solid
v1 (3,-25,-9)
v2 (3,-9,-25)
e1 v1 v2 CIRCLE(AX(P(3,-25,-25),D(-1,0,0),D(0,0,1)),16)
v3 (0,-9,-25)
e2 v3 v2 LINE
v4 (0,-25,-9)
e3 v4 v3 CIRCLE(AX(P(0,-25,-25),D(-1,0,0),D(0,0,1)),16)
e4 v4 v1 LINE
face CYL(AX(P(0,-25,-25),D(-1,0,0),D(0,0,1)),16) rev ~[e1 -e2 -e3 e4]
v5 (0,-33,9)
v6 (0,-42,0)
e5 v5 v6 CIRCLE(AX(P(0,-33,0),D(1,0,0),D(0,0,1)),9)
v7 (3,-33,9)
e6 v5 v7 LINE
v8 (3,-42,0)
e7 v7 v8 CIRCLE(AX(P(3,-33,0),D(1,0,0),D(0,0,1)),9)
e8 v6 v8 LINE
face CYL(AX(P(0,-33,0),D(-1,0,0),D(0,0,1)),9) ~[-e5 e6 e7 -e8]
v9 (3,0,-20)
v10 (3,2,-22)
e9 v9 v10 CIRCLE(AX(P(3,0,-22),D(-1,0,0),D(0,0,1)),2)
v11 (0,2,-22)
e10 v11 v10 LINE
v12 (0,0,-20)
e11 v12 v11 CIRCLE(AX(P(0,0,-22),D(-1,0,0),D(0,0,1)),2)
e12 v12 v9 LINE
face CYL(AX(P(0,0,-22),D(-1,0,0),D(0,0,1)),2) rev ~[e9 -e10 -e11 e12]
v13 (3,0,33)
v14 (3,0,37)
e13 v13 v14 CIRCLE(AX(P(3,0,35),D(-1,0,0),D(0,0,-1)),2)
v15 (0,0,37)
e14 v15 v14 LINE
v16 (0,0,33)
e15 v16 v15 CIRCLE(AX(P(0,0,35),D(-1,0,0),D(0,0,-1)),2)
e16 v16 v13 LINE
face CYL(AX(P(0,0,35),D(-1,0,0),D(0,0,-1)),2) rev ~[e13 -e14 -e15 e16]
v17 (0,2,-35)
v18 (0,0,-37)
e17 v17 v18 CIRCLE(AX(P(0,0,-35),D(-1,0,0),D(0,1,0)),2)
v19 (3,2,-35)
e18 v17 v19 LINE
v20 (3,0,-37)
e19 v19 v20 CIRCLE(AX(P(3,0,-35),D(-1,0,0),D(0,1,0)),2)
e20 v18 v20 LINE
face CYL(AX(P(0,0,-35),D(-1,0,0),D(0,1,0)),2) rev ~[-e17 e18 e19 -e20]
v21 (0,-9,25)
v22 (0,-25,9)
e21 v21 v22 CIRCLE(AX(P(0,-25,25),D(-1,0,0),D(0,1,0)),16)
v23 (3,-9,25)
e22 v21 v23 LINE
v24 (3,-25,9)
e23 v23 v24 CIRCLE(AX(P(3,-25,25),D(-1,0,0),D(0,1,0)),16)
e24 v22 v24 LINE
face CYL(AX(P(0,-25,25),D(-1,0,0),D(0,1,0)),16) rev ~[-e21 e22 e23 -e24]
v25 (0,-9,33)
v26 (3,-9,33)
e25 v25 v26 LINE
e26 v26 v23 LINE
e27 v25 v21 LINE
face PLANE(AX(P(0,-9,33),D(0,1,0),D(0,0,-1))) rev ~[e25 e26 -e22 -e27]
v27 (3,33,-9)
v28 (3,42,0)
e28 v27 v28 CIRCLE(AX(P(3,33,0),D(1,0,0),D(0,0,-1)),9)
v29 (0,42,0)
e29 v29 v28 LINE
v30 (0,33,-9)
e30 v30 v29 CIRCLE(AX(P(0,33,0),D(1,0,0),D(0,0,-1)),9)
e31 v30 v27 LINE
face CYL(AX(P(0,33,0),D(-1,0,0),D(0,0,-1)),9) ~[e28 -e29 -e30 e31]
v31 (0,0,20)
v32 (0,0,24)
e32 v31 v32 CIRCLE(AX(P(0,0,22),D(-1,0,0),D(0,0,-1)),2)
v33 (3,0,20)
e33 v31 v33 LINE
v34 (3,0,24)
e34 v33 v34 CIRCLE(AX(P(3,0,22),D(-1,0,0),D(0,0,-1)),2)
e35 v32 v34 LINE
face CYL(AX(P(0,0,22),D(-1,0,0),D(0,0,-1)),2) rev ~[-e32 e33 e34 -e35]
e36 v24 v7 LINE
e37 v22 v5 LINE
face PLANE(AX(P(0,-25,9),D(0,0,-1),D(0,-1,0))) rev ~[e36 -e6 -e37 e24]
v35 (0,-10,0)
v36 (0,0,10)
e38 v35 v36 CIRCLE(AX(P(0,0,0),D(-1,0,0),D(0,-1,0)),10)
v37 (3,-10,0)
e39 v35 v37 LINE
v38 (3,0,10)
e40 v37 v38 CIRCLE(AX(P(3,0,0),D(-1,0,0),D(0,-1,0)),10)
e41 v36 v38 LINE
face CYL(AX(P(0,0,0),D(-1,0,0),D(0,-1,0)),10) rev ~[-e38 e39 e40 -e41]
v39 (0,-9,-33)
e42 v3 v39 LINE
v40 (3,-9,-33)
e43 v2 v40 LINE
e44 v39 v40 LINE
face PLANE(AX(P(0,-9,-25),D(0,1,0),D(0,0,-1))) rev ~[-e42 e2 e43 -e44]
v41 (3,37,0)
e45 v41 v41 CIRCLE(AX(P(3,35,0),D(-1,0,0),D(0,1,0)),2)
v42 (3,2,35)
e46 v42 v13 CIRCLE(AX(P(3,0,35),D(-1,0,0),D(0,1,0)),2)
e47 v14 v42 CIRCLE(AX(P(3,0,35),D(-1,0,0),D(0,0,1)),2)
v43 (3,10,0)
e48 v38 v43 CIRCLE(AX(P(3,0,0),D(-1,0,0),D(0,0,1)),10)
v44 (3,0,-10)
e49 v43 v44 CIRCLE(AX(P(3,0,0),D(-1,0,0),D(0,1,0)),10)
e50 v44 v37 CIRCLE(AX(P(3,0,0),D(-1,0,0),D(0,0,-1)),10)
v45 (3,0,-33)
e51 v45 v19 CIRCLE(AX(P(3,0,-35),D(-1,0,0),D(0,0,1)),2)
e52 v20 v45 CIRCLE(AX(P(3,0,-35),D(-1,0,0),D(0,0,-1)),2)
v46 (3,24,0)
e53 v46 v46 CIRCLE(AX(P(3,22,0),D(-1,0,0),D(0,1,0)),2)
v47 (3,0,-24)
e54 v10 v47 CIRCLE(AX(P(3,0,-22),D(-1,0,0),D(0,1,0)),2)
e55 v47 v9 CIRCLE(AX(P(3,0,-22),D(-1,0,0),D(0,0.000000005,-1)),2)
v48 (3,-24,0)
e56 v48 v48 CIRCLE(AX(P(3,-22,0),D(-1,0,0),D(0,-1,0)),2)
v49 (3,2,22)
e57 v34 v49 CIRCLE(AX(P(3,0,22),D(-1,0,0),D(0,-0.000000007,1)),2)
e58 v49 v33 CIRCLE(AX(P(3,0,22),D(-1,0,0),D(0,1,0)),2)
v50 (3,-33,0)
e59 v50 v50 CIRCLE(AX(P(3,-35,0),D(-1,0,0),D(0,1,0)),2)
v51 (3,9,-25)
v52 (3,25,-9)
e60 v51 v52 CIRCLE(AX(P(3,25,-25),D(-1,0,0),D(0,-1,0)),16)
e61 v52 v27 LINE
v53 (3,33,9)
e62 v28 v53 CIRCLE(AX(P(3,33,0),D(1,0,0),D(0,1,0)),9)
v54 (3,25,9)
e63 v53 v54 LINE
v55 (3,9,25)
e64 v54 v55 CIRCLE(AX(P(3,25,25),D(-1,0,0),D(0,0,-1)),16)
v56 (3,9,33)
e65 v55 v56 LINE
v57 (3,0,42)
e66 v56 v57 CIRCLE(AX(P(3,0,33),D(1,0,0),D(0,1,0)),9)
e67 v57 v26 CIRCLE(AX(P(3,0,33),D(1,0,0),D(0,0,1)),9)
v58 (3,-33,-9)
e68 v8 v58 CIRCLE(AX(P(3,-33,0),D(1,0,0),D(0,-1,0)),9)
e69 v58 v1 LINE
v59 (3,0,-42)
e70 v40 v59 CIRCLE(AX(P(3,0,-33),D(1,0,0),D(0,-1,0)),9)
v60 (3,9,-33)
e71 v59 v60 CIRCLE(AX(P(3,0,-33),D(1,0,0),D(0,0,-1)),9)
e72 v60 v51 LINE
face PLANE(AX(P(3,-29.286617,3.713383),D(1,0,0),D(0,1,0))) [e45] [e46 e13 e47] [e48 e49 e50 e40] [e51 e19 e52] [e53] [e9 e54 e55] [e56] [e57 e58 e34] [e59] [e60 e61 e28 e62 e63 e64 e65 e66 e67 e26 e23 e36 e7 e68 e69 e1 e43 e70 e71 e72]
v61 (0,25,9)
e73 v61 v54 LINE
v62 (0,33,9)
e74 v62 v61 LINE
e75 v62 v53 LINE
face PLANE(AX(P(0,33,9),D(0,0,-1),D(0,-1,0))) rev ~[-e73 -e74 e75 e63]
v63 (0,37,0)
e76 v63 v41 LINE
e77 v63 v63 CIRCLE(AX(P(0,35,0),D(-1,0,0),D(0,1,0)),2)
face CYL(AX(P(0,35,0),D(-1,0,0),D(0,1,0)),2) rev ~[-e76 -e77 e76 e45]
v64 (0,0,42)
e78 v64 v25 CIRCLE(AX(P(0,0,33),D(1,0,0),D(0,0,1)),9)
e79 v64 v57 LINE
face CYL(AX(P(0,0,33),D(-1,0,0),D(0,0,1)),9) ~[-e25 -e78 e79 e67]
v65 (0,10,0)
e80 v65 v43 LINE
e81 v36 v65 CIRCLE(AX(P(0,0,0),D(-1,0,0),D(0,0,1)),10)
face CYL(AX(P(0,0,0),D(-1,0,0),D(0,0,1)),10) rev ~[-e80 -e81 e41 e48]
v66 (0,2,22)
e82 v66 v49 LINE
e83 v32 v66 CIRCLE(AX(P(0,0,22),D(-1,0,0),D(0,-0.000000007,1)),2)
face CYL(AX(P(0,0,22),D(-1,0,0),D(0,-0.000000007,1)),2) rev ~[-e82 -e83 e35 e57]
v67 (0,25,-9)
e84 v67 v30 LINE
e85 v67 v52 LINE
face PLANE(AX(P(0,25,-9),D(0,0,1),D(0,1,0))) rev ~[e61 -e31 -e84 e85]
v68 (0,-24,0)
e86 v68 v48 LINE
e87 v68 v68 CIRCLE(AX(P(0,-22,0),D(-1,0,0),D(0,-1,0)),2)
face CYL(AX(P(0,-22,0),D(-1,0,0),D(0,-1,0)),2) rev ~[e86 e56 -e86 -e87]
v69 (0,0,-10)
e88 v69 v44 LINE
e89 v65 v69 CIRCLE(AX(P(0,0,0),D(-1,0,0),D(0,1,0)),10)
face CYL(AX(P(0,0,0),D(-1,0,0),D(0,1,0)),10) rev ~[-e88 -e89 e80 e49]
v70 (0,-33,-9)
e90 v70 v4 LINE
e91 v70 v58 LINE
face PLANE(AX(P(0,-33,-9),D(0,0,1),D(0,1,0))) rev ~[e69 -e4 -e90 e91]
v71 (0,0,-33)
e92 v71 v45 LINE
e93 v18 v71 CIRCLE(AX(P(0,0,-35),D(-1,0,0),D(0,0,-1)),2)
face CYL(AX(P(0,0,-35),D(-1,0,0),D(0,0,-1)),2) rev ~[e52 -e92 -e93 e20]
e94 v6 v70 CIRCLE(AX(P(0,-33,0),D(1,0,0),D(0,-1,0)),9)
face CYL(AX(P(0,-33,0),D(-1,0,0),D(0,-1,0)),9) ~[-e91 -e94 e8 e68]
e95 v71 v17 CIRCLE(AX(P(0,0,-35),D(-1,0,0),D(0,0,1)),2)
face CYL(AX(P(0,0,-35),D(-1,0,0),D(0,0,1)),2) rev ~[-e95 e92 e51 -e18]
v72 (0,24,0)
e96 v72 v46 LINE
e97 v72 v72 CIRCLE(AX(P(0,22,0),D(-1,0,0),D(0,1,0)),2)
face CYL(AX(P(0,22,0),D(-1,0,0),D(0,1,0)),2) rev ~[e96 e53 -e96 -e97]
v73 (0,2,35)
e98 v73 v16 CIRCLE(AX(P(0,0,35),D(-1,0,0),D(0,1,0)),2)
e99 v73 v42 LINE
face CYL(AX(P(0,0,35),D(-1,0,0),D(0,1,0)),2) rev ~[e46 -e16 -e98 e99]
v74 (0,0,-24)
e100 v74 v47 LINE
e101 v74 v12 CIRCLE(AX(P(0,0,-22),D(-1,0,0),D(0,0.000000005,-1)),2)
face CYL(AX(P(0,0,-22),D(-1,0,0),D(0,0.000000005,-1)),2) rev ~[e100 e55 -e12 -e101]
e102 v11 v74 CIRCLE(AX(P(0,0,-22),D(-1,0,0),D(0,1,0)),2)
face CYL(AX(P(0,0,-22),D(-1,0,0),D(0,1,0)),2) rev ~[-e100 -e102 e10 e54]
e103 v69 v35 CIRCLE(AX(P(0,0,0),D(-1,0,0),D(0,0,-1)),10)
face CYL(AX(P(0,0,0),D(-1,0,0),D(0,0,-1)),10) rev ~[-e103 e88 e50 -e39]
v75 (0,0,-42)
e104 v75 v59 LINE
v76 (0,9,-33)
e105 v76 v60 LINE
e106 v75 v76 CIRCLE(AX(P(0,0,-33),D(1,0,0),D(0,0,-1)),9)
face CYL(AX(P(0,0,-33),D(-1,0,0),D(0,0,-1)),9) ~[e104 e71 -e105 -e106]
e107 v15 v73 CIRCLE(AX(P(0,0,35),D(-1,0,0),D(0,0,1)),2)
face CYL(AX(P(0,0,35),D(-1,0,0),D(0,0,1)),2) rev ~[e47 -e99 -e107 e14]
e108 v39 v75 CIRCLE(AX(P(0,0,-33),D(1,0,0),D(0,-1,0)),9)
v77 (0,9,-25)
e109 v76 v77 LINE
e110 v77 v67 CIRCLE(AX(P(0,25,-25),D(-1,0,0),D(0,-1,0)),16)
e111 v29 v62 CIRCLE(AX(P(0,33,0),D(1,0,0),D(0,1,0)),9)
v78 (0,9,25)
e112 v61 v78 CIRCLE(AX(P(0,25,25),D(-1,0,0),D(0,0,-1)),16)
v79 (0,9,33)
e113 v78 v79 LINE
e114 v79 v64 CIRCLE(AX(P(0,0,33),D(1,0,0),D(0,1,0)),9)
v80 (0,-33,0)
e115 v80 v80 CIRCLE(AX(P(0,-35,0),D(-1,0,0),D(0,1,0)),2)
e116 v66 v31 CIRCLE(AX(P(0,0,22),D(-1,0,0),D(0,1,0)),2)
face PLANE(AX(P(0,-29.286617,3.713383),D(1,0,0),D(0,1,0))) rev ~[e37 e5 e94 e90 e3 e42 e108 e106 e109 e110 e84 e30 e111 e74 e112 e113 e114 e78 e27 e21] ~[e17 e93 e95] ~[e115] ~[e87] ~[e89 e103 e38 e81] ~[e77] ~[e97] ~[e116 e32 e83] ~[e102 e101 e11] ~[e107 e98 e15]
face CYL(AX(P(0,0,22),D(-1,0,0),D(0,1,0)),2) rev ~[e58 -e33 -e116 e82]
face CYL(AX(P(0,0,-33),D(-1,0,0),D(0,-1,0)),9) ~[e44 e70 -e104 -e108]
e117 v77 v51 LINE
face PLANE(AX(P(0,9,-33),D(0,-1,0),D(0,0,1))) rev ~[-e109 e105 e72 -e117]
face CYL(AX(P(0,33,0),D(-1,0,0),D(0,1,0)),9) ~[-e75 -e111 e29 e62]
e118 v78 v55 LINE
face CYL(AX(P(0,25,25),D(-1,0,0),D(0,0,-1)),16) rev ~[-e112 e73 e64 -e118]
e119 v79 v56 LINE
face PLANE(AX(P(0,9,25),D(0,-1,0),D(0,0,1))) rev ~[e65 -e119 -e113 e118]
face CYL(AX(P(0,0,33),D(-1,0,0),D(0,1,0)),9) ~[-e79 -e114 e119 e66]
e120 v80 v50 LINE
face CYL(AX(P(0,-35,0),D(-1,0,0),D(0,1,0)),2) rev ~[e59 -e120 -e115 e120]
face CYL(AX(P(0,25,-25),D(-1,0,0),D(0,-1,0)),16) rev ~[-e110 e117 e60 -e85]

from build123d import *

# Parameters (mm, degrees)
F1_DEPTH = 3


with BuildPart() as f1:
    # F0 (on Right) → F1 (new body)
    with BuildSketch(Plane.YZ):
        with BuildLine():
            Line((-33, 9), (-33, 0))
            Line((-33, 0), (-24, 0))
            ThreePointArc((-24, 0), (-26.6360389693, 6.3639610307), (-33, 9))
        make_face()
        with BuildLine():
            ThreePointArc((-37, 0), (-35, 2), (-33, 0))
            Line((-33, 0), (-33, 9))
            ThreePointArc((-33, 9), (-39.3639610307, 6.3639610307), (-42, 0))
            Line((-42, 0), (-37, 0))
        make_face()
        with BuildLine():
            Line((-24, 0), (-33, 0))
            Line((-33, 0), (-33, -9))
            ThreePointArc((-33, -9), (-26.6360389693, -6.3639610307), (-24, 0))
        make_face()
        with BuildLine():
            Line((-33, -9), (-33, 0))
            ThreePointArc((-33, 0), (-35, -2), (-37, 0))
            Line((-37, 0), (-42, 0))
            ThreePointArc((-42, 0), (-39.3639610307, -6.3639610307), (-33, -9))
        make_face()
        with BuildLine():
            ThreePointArc((-20, 0), (-22, -2), (-24, 0))
            ThreePointArc((-24, 0), (-26.6360389693, -6.3639610307), (-33, -9))
            Line((-33, -9), (-25, -9))
            ThreePointArc((-25, -9), (-13.686291501, -13.686291501), (-9, -25))
            Line((-9, -25), (-9, -33))
            ThreePointArc((-9, -33), (-6.3639610273, -26.6360389659), (9.7e-09, -24))
            ThreePointArc((9.7e-09, -24), (-2, -22.0000000048), (0, -20))
            Line((0, -20), (0, -10))
            ThreePointArc((0, -10), (-7.0710678119, -7.0710678119), (-10, 0))
            Line((-10, 0), (-20, 0))
        make_face()
        with BuildLine():
            ThreePointArc((-33, 9), (-26.6360389693, 6.3639610307), (-24, 0))
            ThreePointArc((-24, 0), (-22, 2), (-20, 0))
            Line((-20, 0), (-10, 0))
            ThreePointArc((-10, 0), (-7.0710678119, 7.0710678119), (0, 10))
            Line((0, 10), (0, 20))
            ThreePointArc((0, 20), (-2, 21.9999999928), (-1.44e-08, 24))
            ThreePointArc((-1.44e-08, 24), (-6.3639610358, 26.6360389744), (-9, 33))
            Line((-9, 33), (-9, 25))
            ThreePointArc((-9, 25), (-13.686291501, 13.686291501), (-25, 9))
            Line((-25, 9), (-33, 9))
        make_face()
        with BuildLine():
            Line((0, 20), (0, 10))
            ThreePointArc((0, 10), (7.0710678119, 7.0710678119), (10, 0))
            Line((10, 0), (20, 0))
            ThreePointArc((20, 0), (22, 2), (24, 0))
            ThreePointArc((24, 0), (26.6360389693, 6.3639610307), (33, 9))
            Line((33, 9), (25, 9))
            ThreePointArc((25, 9), (13.686291501, 13.686291501), (9, 25))
            Line((9, 25), (9, 33))
            ThreePointArc((9, 33), (6.3639610256, 26.6360389642), (-1.44e-08, 24))
            ThreePointArc((-1.44e-08, 24), (1.4142135573, 23.4142135675), (2, 22))
            ThreePointArc((2, 22), (1.4142135624, 20.5857864376), (0, 20))
        make_face()
        with BuildLine():
            ThreePointArc((10, 0), (7.0710678119, -7.0710678119), (0, -10))
            Line((0, -10), (0, -20))
            ThreePointArc((0, -20), (1.4142135624, -20.5857864376), (2, -22))
            ThreePointArc((2, -22), (1.4142135658, -23.414213559), (9.7e-09, -24))
            ThreePointArc((9.7e-09, -24), (6.3639610341, -26.6360389727), (9, -33))
            Line((9, -33), (9, -25))
            ThreePointArc((9, -25), (13.686291501, -13.686291501), (25, -9))
            Line((25, -9), (33, -9))
            ThreePointArc((33, -9), (26.6360389693, -6.3639610307), (24, 0))
            ThreePointArc((24, 0), (22, -2), (20, 0))
            Line((20, 0), (10, 0))
        make_face()
        with BuildLine():
            Line((0, 33), (-9, 33))
            ThreePointArc((-9, 33), (-6.3639610358, 26.6360389744), (-1.44e-08, 24))
            Line((0, 24), (0, 33))
        make_face()
        with BuildLine():
            ThreePointArc((0, 42), (-6.3639610307, 39.3639610307), (-9, 33))
            Line((-9, 33), (0, 33))
            ThreePointArc((0, 33), (-2, 35), (0, 37))
            Line((0, 37), (0, 42))
        make_face()
        with BuildLine():
            Line((0, -33), (-9, -33))
            ThreePointArc((-9, -33), (-6.3639610307, -39.3639610307), (0, -42))
            Line((0, -42), (0, -37))
            ThreePointArc((0, -37), (-2, -35), (0, -33))
        make_face()
        with BuildLine():
            ThreePointArc((9.7e-09, -24), (-6.3639610273, -26.6360389659), (-9, -33))
            Line((-9, -33), (0, -33))
            Line((0, -33), (0, -24))
        make_face()
        with BuildLine():
            ThreePointArc((9, 33), (6.3639610307, 39.3639610307), (0, 42))
            Line((0, 42), (0, 37))
            ThreePointArc((0, 37), (1.4142135624, 36.4142135624), (2, 35))
            ThreePointArc((2, 35), (1.4142135624, 33.5857864376), (0, 33))
            Line((0, 33), (0, 24))
            ThreePointArc((-1.44e-08, 24), (6.3639610256, 26.6360389642), (9, 33))
        make_face()
        with BuildLine():
            Line((0, -37), (0, -42))
            ThreePointArc((0, -42), (6.3639610307, -39.3639610307), (9, -33))
            Line((9, -33), (0, -33))
            ThreePointArc((0, -33), (1.4142135624, -33.5857864376), (2, -35))
            ThreePointArc((2, -35), (1.4142135624, -36.4142135624), (0, -37))
        make_face()
        with BuildLine():
            ThreePointArc((9, -33), (6.3639610341, -26.6360389727), (9.7e-09, -24))
            Line((0, -24), (0, -33))
            Line((0, -33), (9, -33))
        make_face()
        with BuildLine():
            ThreePointArc((33, 9), (26.6360389693, 6.3639610307), (24, 0))
            Line((24, 0), (33, 0))
            ThreePointArc((33, 0), (35, 2), (37, 0))
            Line((37, 0), (42, 0))
            ThreePointArc((42, 0), (39.3639610307, 6.3639610307), (33, 9))
        make_face()
        with BuildLine():
            Line((33, 0), (24, 0))
            ThreePointArc((24, 0), (26.6360389693, -6.3639610307), (33, -9))
            Line((33, -9), (33, 0))
        make_face()
        with BuildLine():
            ThreePointArc((37, 0), (35, -2), (33, 0))
            Line((33, 0), (33, -9))
            ThreePointArc((33, -9), (39.3639610307, -6.3639610307), (42, 0))
            Line((42, 0), (37, 0))
        make_face()
    extrude(amount=F1_DEPTH)


solid = f1.part
